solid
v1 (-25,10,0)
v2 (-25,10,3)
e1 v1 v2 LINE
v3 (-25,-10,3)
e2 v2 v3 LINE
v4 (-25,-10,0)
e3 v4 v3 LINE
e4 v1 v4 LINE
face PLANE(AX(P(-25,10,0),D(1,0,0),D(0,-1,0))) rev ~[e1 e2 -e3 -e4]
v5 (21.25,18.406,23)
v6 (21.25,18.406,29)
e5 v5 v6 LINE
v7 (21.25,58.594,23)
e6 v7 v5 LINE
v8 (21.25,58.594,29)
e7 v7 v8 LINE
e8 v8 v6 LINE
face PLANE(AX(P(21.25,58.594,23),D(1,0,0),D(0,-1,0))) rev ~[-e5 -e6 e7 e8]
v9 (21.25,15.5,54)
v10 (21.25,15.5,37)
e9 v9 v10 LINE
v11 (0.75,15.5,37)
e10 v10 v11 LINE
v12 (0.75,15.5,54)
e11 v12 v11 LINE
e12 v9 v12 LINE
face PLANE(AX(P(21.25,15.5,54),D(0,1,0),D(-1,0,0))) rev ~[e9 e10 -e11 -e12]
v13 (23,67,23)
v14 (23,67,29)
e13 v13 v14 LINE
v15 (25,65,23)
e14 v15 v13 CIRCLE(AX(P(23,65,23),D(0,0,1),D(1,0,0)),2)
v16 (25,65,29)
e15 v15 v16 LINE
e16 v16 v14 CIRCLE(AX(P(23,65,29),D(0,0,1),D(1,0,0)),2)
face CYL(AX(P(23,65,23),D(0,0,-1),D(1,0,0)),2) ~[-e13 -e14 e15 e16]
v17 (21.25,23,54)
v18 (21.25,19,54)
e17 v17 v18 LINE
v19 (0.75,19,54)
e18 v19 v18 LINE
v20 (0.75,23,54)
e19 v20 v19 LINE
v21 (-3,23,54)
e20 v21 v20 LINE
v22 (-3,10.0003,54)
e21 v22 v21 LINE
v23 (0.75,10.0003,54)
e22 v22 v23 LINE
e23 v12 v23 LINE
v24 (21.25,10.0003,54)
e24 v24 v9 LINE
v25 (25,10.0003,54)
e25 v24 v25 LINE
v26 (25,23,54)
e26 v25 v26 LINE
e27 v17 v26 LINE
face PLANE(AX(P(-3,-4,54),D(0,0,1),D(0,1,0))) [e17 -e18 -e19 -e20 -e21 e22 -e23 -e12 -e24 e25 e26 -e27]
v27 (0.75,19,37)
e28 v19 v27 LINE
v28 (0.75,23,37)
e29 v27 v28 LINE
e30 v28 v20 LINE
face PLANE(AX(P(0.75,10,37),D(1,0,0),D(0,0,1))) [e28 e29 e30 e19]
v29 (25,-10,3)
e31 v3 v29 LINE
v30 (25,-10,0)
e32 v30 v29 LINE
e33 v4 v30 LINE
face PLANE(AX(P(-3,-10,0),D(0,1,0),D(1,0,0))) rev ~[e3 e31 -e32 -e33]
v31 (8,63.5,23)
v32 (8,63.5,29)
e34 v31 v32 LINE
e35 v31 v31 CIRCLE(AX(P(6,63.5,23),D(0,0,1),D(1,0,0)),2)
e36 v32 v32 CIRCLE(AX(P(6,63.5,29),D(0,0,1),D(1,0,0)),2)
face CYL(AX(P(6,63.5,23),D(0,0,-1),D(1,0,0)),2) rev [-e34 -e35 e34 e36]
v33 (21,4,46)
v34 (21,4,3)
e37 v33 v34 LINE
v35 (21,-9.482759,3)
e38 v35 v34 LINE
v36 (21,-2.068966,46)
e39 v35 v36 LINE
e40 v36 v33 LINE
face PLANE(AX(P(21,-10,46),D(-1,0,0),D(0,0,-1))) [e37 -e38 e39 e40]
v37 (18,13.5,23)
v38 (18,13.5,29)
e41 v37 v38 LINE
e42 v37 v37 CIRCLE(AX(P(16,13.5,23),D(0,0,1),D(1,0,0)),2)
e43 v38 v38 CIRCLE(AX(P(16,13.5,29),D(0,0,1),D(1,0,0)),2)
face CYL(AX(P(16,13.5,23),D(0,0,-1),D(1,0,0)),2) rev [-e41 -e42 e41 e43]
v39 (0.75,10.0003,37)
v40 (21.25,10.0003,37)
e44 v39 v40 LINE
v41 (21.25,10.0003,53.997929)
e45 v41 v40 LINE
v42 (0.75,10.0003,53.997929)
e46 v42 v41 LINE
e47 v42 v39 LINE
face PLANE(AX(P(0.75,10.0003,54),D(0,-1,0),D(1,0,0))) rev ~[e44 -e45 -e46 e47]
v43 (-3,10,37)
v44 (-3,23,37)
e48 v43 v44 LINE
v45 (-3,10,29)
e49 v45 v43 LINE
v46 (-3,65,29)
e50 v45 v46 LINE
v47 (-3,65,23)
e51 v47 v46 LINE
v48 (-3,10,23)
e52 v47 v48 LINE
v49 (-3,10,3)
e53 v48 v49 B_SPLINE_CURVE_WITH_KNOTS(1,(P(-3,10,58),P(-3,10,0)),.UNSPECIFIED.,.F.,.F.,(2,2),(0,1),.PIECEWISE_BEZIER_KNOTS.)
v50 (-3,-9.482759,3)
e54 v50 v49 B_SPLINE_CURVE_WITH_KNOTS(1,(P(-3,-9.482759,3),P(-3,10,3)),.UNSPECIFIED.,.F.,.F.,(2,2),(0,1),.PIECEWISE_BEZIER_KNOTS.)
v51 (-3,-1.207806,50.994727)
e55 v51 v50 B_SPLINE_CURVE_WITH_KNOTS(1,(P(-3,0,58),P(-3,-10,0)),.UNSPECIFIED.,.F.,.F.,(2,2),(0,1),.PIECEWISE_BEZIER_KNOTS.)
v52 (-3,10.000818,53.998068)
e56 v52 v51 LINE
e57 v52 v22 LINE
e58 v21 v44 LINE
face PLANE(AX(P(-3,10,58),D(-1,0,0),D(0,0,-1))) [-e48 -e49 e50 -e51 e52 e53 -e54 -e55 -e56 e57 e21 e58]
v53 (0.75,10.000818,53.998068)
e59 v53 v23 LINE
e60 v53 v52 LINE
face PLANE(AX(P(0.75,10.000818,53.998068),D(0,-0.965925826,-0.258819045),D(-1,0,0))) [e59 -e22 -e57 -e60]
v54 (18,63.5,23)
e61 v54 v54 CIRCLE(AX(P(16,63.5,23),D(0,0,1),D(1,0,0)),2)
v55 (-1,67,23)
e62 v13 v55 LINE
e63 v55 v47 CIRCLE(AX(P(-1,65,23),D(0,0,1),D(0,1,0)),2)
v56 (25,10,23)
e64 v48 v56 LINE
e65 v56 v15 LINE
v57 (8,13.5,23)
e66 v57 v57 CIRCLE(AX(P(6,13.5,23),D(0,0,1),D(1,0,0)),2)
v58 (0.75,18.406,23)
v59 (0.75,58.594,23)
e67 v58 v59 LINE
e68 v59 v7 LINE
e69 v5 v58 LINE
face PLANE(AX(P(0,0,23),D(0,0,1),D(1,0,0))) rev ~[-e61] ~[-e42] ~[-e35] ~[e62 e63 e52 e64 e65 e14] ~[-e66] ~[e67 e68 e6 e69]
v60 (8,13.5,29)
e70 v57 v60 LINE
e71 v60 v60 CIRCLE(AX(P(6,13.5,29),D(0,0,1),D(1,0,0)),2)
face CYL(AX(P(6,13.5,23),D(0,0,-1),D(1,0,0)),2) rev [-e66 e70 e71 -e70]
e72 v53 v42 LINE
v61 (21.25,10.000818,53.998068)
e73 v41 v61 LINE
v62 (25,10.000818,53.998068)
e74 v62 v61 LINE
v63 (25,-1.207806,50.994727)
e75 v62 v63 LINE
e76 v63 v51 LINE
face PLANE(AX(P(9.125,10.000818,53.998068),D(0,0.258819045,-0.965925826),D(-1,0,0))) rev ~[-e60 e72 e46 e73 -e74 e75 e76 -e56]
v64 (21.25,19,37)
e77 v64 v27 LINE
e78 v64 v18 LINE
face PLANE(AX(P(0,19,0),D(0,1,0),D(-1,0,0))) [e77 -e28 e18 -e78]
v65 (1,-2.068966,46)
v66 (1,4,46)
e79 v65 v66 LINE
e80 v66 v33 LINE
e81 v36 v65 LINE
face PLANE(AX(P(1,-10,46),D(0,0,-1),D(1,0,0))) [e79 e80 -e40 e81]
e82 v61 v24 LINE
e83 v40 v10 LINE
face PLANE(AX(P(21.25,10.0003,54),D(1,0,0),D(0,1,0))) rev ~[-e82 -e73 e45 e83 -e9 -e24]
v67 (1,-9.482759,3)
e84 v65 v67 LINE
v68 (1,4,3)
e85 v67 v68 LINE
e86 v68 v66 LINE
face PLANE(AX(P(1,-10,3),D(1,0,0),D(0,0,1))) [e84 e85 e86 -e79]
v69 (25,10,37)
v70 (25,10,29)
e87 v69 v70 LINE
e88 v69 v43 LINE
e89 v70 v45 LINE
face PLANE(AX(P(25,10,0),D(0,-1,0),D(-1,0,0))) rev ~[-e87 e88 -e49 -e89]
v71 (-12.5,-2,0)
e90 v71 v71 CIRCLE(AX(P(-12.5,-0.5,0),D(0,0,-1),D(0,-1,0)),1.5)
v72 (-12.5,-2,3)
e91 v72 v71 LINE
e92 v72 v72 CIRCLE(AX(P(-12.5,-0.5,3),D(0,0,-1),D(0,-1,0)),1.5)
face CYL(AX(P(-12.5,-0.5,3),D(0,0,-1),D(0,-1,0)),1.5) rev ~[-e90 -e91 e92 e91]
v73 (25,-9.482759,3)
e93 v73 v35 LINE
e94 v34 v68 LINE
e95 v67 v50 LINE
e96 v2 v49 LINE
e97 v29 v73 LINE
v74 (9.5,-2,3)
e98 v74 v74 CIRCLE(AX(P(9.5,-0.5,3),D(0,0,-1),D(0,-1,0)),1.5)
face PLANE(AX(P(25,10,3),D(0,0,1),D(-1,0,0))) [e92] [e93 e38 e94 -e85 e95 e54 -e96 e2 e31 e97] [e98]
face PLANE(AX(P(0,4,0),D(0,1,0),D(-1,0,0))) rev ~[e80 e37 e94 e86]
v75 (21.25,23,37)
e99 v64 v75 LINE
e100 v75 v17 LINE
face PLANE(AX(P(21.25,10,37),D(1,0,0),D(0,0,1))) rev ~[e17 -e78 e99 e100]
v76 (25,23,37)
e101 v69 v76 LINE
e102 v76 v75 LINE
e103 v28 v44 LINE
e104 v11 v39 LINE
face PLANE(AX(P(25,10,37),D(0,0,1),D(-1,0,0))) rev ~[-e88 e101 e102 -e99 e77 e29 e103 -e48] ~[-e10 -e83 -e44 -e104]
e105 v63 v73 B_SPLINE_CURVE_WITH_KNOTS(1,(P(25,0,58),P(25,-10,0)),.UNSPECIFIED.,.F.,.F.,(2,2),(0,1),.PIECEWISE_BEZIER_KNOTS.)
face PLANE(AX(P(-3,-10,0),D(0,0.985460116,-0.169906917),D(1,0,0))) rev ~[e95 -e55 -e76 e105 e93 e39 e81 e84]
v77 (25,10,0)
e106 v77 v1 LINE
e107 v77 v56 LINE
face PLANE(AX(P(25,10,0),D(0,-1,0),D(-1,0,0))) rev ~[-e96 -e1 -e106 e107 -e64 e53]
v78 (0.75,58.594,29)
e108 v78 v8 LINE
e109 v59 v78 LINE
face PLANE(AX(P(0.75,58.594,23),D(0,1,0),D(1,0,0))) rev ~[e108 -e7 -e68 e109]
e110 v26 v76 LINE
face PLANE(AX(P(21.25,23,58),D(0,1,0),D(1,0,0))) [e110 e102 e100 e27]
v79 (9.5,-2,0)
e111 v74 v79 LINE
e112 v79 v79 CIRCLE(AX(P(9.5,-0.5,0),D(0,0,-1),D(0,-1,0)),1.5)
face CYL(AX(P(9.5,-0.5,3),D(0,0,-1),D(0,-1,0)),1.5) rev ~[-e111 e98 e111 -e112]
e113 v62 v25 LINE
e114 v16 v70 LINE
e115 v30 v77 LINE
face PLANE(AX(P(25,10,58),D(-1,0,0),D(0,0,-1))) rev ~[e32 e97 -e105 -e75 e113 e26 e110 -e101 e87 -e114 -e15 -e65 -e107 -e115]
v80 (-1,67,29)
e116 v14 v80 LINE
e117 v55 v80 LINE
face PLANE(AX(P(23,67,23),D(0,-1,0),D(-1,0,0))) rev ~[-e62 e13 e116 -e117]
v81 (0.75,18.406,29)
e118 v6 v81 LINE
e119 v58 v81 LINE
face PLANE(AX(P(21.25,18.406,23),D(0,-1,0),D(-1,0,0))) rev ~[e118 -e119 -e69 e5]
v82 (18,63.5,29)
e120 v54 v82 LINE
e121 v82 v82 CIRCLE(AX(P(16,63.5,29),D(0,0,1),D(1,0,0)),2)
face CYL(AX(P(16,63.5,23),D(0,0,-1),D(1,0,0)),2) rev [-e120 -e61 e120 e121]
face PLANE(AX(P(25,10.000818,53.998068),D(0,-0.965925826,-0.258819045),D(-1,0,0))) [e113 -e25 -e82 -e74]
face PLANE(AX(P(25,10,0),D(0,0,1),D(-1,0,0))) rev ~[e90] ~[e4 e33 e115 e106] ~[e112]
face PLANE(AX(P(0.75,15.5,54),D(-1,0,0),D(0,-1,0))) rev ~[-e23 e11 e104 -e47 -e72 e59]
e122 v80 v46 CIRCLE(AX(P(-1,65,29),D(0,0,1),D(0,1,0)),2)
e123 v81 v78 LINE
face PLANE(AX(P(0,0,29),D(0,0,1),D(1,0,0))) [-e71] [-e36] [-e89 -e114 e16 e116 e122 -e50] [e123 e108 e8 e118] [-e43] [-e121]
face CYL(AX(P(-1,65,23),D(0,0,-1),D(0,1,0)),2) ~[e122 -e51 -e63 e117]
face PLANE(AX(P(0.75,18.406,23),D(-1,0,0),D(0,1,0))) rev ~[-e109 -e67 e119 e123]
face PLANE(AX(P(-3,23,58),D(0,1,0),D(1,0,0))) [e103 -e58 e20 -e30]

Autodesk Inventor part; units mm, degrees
ref_plane "Plano de trabajo1" through (0, 0, 23) normal (0, 0, 1) x (1, 0, 0)
sketch "Boceto2" plane through (0, 0, 23) normal (0, 0, 1) x (1, 0, 0)
  line L0 (-3, 10) -> (25, 10)
  line L1 (25, 10) -> (25, 65)
  line L2 (23, 67) -> (-1, 67)
  line L3 (-3, 65) -> (-3, 10)
  line L4 (-3, 10) -> (25, 67) construction
  line L5 (25, 10) -> (-3, 67) construction
  line L6 (21.25, 18.406) -> (0.75, 18.406)
  line L7 (0.75, 18.406) -> (0.75, 58.594)
  line L8 (0.75, 58.594) -> (21.25, 58.594)
  line L9 (21.25, 58.594) -> (21.25, 18.406)
  line L10 (21.25, 18.406) -> (0.75, 58.594) construction
  line L11 (0.75, 18.406) -> (21.25, 58.594) construction
  circle A0 centre (6, 63.5) radius 2
  circle A1 centre (16, 63.5) radius 2
  circle A2 centre (6, 13.5) radius 2
  circle A3 centre (16, 13.5) radius 2
  line L12 (25, -6.6) -> (-3, -6.6)
  line L13 (-3, -6.6) -> (-3, 10)
  line L14 (-3, 10) -> (25, 10)
  line L15 (25, 10) -> (25, -6.6)
  line L16 (25, -6.6) -> (-3, 10) construction
  line L17 (-3, -6.6) -> (25, 10) construction
  arc A4 (-1, 67) -> (-3, 65) centre (-1, 65) ccw
  arc A5 (25, 65) -> (23, 67) centre (23, 65) ccw
  point P0 (0, 0)
  point P1 (11, 38.5)
  point P2 (11, 1.7)
  dimension "d5" = 28
  dimension "d6" = 57
  dimension "d9" = 67
  dimension "d10" = 10
  dimension "d12" = 25
  dimension "d13" = 20.5
  dimension "d14" = 40.188
  dimension "d15" = 4
  dimension "d16" = 4
  dimension "d17" = 4
  dimension "d18" = 4
  dimension "d21" = 10
  dimension "d22" = 10
  dimension "d23" = 7
  dimension "d26" = 3.5
  dimension "d27" = 3.5
  dimension "d28" = 3.5
  dimension "d29" = 3.5
  dimension "d38" = 28
  dimension "d39" = 16.6
  dimension "d40" = 25
  dimension "d41" = 10
  dimension "d82" = 2
  dimension "d84" = 7
  dimension "d85" = 9
ref_plane "Plano de trabajo2" through (0, 0, 58) normal (0, 0, 1) x (1, 0, 0)
sketch "Boceto3" plane through (0, 0, 58) normal (0, 0, 1) x (1, 0, 0)
  line L0 (25, 0) -> (-3, 0)
  line L1 (-3, 0) -> (-3, 10)
  line L2 (-3, 10) -> (25, 10)
  line L3 (25, 10) -> (25, 0)
  line L4 (25, 0) -> (-3, 10) construction
  line L5 (-3, 0) -> (25, 10) construction
  point P0 (0, 0)
  point P1 (11, 5)
  dimension "d31" = 28
  dimension "d32" = 10
  dimension "d35" = 10
  dimension "d36" = 25
ref_plane "Plano de trabajo3" through (25, 10, 0) normal (0, 0, 1) x (-1, 0, 0)
sketch "Boceto4" plane through (25, 10, 0) normal (0, 0, 1) x (-1, 0, 0)
  line L0 (0, 0) -> (50, 0)
  line L1 (50, 0) -> (50, 20)
  line L2 (50, 20) -> (0, 20)
  line L3 (0, 20) -> (0, 0)
  line L4 (0, 0) -> (50, 20) construction
  line L5 (50, 0) -> (0, 20) construction
  line L6 (0, 20) -> (0, 0)
  line L7 (28, 0) -> (28, 20)
  point P0 (0, 0)
  dimension "d42" = 50
  dimension "d43" = 20
  dimension "d44" = 50
  dimension "d46" = 28
ref_plane "Plano de trabajo4" through (25, 10, 0) normal (0, 0, 1) x (-1, 0, 0)
sketch "Boceto5" plane through (25, 10, 0) normal (0, 0, 1) x (-1, 0, 0)
  line L0 (28, 0) -> (28, 20)
  line L1 (28, 20) -> (0, 20)
  line L2 (0, 20) -> (0, 0)
  line L3 (0, 0) -> (28, 0)
  point P0 (25, 10)
  dimension "d48" = 20
  dimension "d49" = 28
  dimension "d50" = 20
  dimension "d51" = 28
  dimension "d52" = 25
  dimension "d53" = 10
extrude "Extrusión1" add sketch "Boceto4" along normal blind 3
extrude "Extrusión2" add sketch "Boceto2" along normal blind 6 contours L3 A4 L2 A5 L1 L0
ref_plane "Plano de trabajo5" through (0, 10, 0) normal (0, 1, 0) x (-1, 0, 0)
ref_plane "Plano de trabajo7" through (0, -10, 0) normal (0, 1, 0) x (-1, 0, 0)
loft "Solevación2" add profiles "Boceto3", "Boceto5"
sketch "Boceto9" plane through (0, 10, 0) normal (0, 1, 0) x (-1, 0, 0)
  line L0 (-21.25, 58) -> (-0.75, 58)
  line L1 (-0.75, 58) -> (-0.75, 29)
  line L2 (-0.75, 29) -> (-21.25, 29)
  line L3 (-21.25, 29) -> (-21.25, 58)
  line L4 (-21.25, 58) -> (-0.75, 29) construction
  line L5 (-0.75, 58) -> (-21.25, 29) construction
  line L6 (-23, 29) -> (1, 29) projected
  line L7 (-25, 58) -> (-25, 29) projected
  point P0 (0, 0)
  point P1 (-11, 43.5)
  dimension "d91" = 20.5
  dimension "d92" = 29
  dimension "d93" = 29
  dimension "d94" = 3.75
extrude "Extrusión5" add sketch "Boceto9" along normal blind 9
sketch "Boceto10" plane through (0, -10, 0) normal (0, 1, 0) x (-1, 0, 0)
  line L0 (-1, 46) -> (-21, 46)
  line L1 (-21, 46) -> (-21, 3)
  line L2 (-21, 3) -> (-1, 3)
  line L3 (-1, 3) -> (-1, 46)
  line L4 (-1, 46) -> (-21, 3) construction
  line L5 (-21, 46) -> (-1, 3) construction
  line L6 (-25, 58) -> (3, 58) projected
  line L7 (-25, 58) -> (-25, 3) projected
  line L8 (3, 58) -> (3, 3) projected
  line L9 (25, 3) -> (-25, 3) projected
  point P0 (0, 0)
  point P1 (-11, 24.5)
  dimension "d97" = 20
  dimension "d98" = 43
  dimension "d99" = 12
  dimension "d100" = 4
  dimension "d101" = 4
  dimension "d102" = 0
extrude "Extrusión6" cut sketch "Boceto10" along normal blind 14 contours L3 L2 L1 L0
ref_plane "Plano de trabajo8" through (1, 0, 0) normal (1, 0, 0) x (0, 1, 0)
sketch "Boceto11" plane through (1, 0, 0) normal (1, 0, 0) x (0, 1, 0)
  line L0 (10, 29) -> (24, 29)
  line L1 (24, 29) -> (24, 37)
  line L2 (24, 37) -> (10, 37)
  line L3 (10, 37) -> (10, 29)
  line L4 (10, 29) -> (24, 37) construction
  line L5 (24, 29) -> (10, 37) construction
  line L6 (10, 58) -> (10, 29) projected
  line L7 (65, 29) -> (10, 29) projected
  point P0 (0, 0)
  point P1 (17, 33)
  dimension "d106" = 14
  dimension "d107" = 8
  dimension "d108" = 14
  dimension "d109" = 0
extrude "Extrusión7" cut sketch "Boceto11" along normal blind 24 and the other way blind 4
sketch "Boceto12" plane through (-3, 10, 58) normal (0, 1, 0) x (1, 0, 0)
  line L0 (0, 0) -> (0, 21)
  line L1 (3.75, 21) -> (3.75, 0)
  line L2 (3.75, 0) -> (0, 0)
  line L3 (0, 0) -> (0, 21)
  line L4 (35.9308, 19.3547) -> (28, 21)
  line L5 (34.2703, -7.1098) -> (39.6026, 18.5929)
  line L6 (35.9308, 19.3547) -> (39.6026, 18.5929)
  line L7 (39.6026, 18.5929) -> (34.2703, -7.1098)
  line L8 (34.2703, -7.1098) -> (30.5984, -6.348)
  line L9 (3.75, 21) -> (0, 21)
  line L10 (3.75, 21) -> (3.75, 0)
  line L11 (35.9308, 19.3547) -> (30.5984, -6.348)
  line L12 (34.2703, -7.1098) -> (30.5984, -6.348)
  line L13 (3.75, 0) -> (0, 0)
  line L14 (3.75, 21) -> (24.25, 21) projected
  point P0 (18.3993, 70.2266)
  point P1 (0, 21)
  dimension "d130" = 3.75
  dimension "d131" = 0
extrude "Extrusión9" add sketch "Boceto12" along normal blind 13 contours L0 L9 L1 L2
sketch "Boceto13" plane through (21.25, 10, 58) normal (0, 1, 0) x (1, 0, 0)
  line L0 (3.75, 0) -> (-24.25, 0) projected
  line L1 (3.75, 0) -> (0, 0)
  line L2 (3.75, 0) -> (-1, 0)
  line L3 (-20.5, 0) -> (0, 0) projected
  line L4 (-0.25, 12) -> (-0.25, 55) projected
  line L5 (3.75, 0) -> (3.75, 55) projected
  line L6 (3.75, 0) -> (-1, 0)
  line L7 (0, 0) -> (3.75, 0)
  line L8 (3.75, 0) -> (3.75, 21)
  line L9 (3.75, 21) -> (0, 21)
  line L10 (0, 21) -> (0, 0)
  line L11 (0, 0) -> (3.75, 21) construction
  line L12 (3.75, 0) -> (0, 21) construction
  point P0 (-21.25, 58)
  point P1 (3.75, 21)
  point P2 (0, 21)
  point P3 (1.875, 10.5)
  dimension "d125" = 3.75
  dimension "d126" = 21
  dimension "d127" = 0
  dimension "d128" = 0
extrude "Extrusión10" add sketch "Boceto13" along normal blind 13
ref_plane "Plano de trabajo9" through (-3, 0, 0) normal (1, 0, 0) x (0, 1, 0)
sketch "Boceto14" plane through (-3, 0, 0) normal (1, 0, 0) x (0, 1, 0)
  line L0 (-4, 54) -> (23, 54)
  line L1 (23, 54) -> (23, 58)
  line L2 (23, 58) -> (-4, 58)
  line L3 (-4, 58) -> (-4, 54)
  line L4 (0, 58) -> (23, 58) projected
  line L5 (23, 37) -> (23, 58) projected
  line L6 (10, 37) -> (23, 37) projected
  point P0 (0, 0)
  dimension "d133" = 0
  dimension "d134" = 4
  dimension "d135" = 0
  dimension "d136" = 27
  dimension "d139" = 17
extrude "Extrusión11" cut sketch "Boceto14" along normal blind 28
ref_plane "Plano de trabajo10" through (0, 0, 54) normal (0, 0, 1) x (1, 0, 0)
sketch "Boceto15" plane through (0, 0, 54) normal (0, 0, 1) x (1, 0, 0)
  line L0 (0.75, 10.0003) -> (21.25, 10.0003)
  line L1 (21.25, 10.0003) -> (21.25, 15.5)
  line L2 (21.25, 15.5) -> (0.75, 15.5)
  line L3 (0.75, 15.5) -> (0.75, 10.0003)
  line L4 (0.75, 18.406) -> (0.75, 58.594) projected
  line L5 (21.25, 58.594) -> (21.25, 18.406) projected
  line L6 (0.75, 19) -> (21.25, 19) projected
  line L7 (25, -0.6897) -> (-3, -0.6897) projected
  point P0 (0, 0)
  dimension "d141" = 0
  dimension "d142" = 0
  dimension "d143" = 3.5
  dimension "d144" = 10.69
extrude "Extrusión12" cut sketch "Boceto15" against normal blind 20
ref_plane "Plano de trabajo11" through (25, 10, 3) normal (0, 0, 1) x (-1, 0, 0)
sketch "Boceto17" plane through (25, 10, 3) normal (0, 0, 1) x (-1, 0, 0)
  circle A0 centre (37.5, 10.5) radius 1.5
  circle A1 centre (15.5, 10.5) radius 1.5
  line L0 (28, 0) -> (50, 0) projected
  line L1 (50, 0) -> (50, 20) projected
  point P0 (25, 10)
  dimension "d154" = 3
  dimension "d155" = 3
  dimension "d156" = 9
  dimension "d157" = 9
  dimension "d158" = 11
  dimension "d159" = 19
hole "Agujero1" at (-12.5, -0.5, 3) direction (0, 0, -1) diameter 3 end through all
hole "Agujero2" at (9.5, -0.5, 3) direction (0, 0, -1) diameter 3 end through all
ref_plane "Plano de trabajo12" through (9.125, 10.0003, 54) normal (0, 0.2588, -0.9659) x (-1, 0, 0)
sketch "Boceto18" plane through (9.125, 10.0003, 54) normal (0, 0.2588, -0.9659) x (-1, 0, 0)
  line L0 (-15.875, -6.4708) -> (-15.875, 46.6551) projected
  line L1 (16.6517, -12) -> (-15.875, -12)
  line L2 (-15.875, -12) -> (-15.875, 0)
  line L3 (-15.875, 0) -> (16.6517, 0)
  line L4 (16.6517, 0) -> (16.6517, -12)
  line L5 (-12.125, 0) -> (8.375, 0) projected
  point P0 (9.125, -23.6358)
  dimension "d177" = 12
  dimension "d178" = 0
extrude "Extrusión13" cut sketch "Boceto18" against normal blind 3.5
properties part number "Motor"
